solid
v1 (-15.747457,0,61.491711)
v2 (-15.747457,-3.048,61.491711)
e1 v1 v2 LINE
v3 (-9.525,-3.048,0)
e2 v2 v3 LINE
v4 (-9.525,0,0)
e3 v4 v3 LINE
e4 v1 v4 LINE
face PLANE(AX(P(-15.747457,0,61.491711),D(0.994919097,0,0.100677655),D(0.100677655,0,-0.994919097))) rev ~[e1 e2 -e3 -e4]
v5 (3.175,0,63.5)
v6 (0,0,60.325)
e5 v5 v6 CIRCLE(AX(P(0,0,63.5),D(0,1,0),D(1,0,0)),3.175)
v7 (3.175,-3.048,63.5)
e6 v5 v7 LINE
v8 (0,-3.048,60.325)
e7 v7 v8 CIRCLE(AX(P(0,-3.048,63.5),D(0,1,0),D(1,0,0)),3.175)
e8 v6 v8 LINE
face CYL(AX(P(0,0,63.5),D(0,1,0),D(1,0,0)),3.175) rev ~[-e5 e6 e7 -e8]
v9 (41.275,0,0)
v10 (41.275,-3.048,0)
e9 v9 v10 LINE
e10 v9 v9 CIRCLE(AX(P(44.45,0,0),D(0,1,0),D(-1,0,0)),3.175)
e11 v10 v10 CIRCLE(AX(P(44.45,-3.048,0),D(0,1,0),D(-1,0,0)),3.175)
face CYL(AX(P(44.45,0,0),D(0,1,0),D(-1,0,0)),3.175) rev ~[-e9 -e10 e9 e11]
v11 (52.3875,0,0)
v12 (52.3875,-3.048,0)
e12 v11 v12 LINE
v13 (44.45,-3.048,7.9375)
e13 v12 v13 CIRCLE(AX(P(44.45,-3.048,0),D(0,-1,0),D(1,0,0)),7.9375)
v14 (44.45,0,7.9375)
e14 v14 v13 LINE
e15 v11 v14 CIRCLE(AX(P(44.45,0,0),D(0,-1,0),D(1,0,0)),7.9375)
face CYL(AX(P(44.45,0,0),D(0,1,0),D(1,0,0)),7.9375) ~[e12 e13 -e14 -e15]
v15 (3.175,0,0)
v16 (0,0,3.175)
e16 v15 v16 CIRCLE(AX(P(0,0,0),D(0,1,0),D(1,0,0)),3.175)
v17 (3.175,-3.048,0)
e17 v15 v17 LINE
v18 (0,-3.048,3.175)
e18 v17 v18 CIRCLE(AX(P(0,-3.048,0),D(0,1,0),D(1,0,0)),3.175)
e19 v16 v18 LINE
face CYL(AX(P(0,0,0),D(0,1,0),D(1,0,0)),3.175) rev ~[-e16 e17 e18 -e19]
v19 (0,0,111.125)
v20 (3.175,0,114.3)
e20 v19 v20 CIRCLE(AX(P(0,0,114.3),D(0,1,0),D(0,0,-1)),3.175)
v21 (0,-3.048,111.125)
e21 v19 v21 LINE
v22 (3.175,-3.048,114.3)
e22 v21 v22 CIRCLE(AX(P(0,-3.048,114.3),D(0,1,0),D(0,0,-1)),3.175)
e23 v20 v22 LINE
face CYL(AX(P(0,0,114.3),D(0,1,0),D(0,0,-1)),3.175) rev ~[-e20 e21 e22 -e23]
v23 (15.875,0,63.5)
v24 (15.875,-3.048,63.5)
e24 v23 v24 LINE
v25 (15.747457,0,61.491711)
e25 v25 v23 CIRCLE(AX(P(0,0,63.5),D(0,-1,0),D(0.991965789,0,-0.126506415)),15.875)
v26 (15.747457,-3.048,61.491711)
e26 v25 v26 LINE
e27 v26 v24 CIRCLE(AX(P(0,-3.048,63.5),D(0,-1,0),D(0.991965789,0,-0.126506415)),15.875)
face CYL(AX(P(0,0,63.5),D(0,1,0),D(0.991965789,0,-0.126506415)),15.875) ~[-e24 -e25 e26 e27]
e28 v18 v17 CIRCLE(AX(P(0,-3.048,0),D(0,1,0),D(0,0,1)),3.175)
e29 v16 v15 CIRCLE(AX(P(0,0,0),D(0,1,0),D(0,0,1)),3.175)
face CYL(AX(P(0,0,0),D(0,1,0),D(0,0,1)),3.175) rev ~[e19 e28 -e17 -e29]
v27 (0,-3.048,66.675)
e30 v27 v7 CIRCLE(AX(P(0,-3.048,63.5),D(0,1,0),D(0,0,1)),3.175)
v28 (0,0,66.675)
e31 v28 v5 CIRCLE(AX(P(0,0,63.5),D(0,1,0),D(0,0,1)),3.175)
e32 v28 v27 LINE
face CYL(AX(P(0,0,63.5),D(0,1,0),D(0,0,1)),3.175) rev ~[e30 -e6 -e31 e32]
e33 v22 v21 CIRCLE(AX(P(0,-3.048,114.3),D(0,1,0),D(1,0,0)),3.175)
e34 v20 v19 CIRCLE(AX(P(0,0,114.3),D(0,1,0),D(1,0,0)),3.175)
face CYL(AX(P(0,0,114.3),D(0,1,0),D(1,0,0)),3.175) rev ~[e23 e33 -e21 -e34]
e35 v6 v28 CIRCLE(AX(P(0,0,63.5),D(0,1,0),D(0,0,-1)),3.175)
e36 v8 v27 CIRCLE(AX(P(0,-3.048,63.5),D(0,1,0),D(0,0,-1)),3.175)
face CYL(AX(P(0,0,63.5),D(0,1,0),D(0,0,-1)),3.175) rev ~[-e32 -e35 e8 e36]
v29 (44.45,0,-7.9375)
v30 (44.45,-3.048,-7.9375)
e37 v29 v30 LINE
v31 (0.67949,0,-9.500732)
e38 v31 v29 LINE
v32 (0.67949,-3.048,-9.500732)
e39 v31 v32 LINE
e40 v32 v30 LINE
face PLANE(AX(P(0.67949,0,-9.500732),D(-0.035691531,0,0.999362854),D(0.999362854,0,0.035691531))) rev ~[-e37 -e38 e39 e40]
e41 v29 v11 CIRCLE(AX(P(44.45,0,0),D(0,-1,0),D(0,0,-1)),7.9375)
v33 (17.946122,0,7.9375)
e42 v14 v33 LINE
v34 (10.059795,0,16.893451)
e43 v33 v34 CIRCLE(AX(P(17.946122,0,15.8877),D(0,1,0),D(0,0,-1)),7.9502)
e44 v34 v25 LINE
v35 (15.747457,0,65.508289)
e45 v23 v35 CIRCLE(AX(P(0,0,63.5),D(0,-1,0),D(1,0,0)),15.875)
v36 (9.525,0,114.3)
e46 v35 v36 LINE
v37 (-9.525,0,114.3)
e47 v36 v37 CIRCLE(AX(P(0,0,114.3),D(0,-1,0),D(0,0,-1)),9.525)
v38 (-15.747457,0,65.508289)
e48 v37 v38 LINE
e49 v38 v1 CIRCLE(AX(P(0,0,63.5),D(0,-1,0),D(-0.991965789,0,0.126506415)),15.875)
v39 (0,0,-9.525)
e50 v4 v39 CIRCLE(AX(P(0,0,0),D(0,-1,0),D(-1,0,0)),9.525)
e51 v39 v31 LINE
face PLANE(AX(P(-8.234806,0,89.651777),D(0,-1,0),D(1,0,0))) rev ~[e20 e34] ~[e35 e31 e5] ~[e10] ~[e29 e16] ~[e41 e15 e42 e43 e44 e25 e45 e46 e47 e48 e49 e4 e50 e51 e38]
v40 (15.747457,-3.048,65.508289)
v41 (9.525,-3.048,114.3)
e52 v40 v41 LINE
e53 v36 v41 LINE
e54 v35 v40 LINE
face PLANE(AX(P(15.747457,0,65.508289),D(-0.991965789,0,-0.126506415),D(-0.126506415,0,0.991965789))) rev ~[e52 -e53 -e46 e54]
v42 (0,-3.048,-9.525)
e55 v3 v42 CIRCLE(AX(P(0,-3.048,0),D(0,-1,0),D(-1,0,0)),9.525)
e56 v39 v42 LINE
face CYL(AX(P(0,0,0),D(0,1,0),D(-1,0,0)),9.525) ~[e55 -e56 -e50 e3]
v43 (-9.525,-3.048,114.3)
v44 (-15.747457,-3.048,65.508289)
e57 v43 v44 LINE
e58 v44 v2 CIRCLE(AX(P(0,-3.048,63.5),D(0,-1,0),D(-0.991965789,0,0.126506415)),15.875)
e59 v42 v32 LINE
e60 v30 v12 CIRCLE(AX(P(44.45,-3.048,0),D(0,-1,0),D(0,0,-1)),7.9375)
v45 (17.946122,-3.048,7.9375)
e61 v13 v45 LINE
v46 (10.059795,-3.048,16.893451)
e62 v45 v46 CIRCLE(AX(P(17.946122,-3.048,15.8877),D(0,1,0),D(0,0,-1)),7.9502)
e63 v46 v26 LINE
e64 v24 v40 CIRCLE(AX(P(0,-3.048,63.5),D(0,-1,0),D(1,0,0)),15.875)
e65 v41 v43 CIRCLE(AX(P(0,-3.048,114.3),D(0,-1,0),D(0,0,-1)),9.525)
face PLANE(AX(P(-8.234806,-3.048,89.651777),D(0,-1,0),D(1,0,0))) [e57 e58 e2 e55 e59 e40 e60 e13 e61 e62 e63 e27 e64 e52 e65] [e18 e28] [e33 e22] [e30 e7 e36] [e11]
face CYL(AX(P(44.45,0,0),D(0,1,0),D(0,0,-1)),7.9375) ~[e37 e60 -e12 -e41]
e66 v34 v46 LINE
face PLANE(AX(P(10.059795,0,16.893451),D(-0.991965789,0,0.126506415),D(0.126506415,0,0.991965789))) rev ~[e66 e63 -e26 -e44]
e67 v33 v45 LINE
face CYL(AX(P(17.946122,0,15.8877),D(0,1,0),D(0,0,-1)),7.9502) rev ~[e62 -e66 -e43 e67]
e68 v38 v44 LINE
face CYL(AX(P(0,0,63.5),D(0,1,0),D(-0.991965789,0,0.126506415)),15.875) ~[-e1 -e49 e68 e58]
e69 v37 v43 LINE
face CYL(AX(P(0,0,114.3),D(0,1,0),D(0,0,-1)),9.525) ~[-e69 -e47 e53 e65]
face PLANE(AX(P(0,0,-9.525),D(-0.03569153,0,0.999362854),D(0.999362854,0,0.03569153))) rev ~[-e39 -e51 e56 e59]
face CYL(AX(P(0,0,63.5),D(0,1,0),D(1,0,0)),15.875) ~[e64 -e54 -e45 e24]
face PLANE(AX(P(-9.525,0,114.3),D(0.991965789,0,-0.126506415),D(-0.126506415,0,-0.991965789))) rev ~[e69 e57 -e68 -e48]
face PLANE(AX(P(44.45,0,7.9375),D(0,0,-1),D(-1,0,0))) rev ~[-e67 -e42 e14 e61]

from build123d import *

# Parameters (mm, degrees)
F1_DEPTH = 3.048


with BuildPart() as f1:
    # F0 (on Front) → F1 (new body)
    with BuildSketch(Plane.XZ):
        with BuildLine():
            Line((-9.525, 114.3), (-15.7474569047, 65.5082893304))
            ThreePointArc((-15.7474569047, 65.5082893304), (-10.4912828548, 75.4142187767), (0, 79.375))
            Line((0, 79.375), (0, 104.775))
            ThreePointArc((0, 104.775), (-6.7351920908, 107.5648079092), (-9.525, 114.3))
        make_face()
        with BuildLine():
            Line((0, 104.775), (0, 79.375))
            ThreePointArc((0, 79.375), (10.4912828548, 75.4142187767), (15.7474569047, 65.5082893304))
            Line((15.7474569047, 65.5082893304), (9.525, 114.3))
            ThreePointArc((9.525, 114.3), (6.7351920908, 107.5648079092), (0, 104.775))
        make_face()
        with BuildLine():
            ThreePointArc((9.525, 114.3), (0, 123.825), (-9.525, 114.3))
            ThreePointArc((-9.525, 114.3), (-6.7351920908, 107.5648079092), (0, 104.775))
            ThreePointArc((0, 104.775), (6.7351920908, 107.5648079092), (9.525, 114.3))
        make_face()
        with BuildLine():
            ThreePointArc((3.175, 114.3), (2.2450640303, 112.0549359697), (0, 111.125))
            ThreePointArc((0, 111.125), (-2.2450640303, 116.5450640303), (3.175, 114.3))
        make_face(mode=Mode.SUBTRACT)
        with BuildLine():
            ThreePointArc((-15.7474569047, 61.4917106696), (-10.4912828548, 51.5857812233), (0, 47.625))
            Line((0, 47.625), (0, 60.325))
            ThreePointArc((0, 60.325), (-3.175, 63.5), (0, 66.675))
            Line((0, 66.675), (0, 79.375))
            ThreePointArc((0, 79.375), (-10.4912828548, 75.4142187767), (-15.7474569047, 65.5082893304))
            ThreePointArc((-15.7474569047, 65.5082893304), (-15.875, 63.5), (-15.7474569047, 61.4917106696))
        make_face()
        with BuildLine():
            ThreePointArc((-9.525, 0), (-6.7351920908, 6.7351920908), (0, 9.525))
            Line((0, 9.525), (0, 47.625))
            ThreePointArc((0, 47.625), (-10.4912828548, 51.5857812233), (-15.7474569047, 61.4917106696))
            Line((-15.7474569047, 61.4917106696), (-9.525, 0))
        make_face()
        with BuildLine():
            Line((0, 47.625), (0, 9.525))
            ThreePointArc((0, 9.525), (6.7351920908, 6.7351920908), (9.525, 0))
            Line((9.525, 0), (36.5125, 0))
            ThreePointArc((36.5125, 0), (38.8373399243, 5.6126600757), (44.45, 7.9375))
            Line((44.45, 7.9375), (17.9461215627, 7.9375))
            ThreePointArc((17.9461215627, 7.9375), (11.9794807993, 10.6336655463), (10.0597951449, 16.8934512966))
            Line((10.0597951449, 16.8934512966), (15.7474569047, 61.4917106696))
            ThreePointArc((15.7474569047, 61.4917106696), (10.4912828548, 51.5857812233), (0, 47.625))
        make_face()
        with BuildLine():
            ThreePointArc((3.175, 0), (-2.2450640303, -2.2450640303), (0, 3.175))
            Line((0, 3.175), (0, 9.525))
            ThreePointArc((0, 9.525), (-6.7351920908, 6.7351920908), (-9.525, 0))
            ThreePointArc((-9.525, 0), (-6.7351920908, -6.7351920908), (0, -9.525))
            Line((0, -9.525), (0.6794904459, -9.5007324841))
            ThreePointArc((0.6794904459, -9.5007324841), (6.9712901065, -6.4905114784), (9.525, 0))
            Line((9.525, 0), (3.175, 0))
        make_face()
        with BuildLine():
            Line((0, 9.525), (0, 3.175))
            ThreePointArc((0, 3.175), (2.2450640303, 2.2450640303), (3.175, 0))
            Line((3.175, 0), (9.525, 0))
            ThreePointArc((9.525, 0), (6.7351920908, 6.7351920908), (0, 9.525))
        make_face()
        with BuildLine():
            Line((36.5125, 0), (9.525, 0))
            ThreePointArc((9.525, 0), (6.9712901065, -6.4905114784), (0.6794904459, -9.5007324841))
            Line((0.6794904459, -9.5007324841), (44.45, -7.9375))
            ThreePointArc((44.45, -7.9375), (38.8373399243, -5.6126600757), (36.5125, 0))
        make_face()
        with BuildLine():
            ThreePointArc((44.45, 7.9375), (38.8373399243, 5.6126600757), (36.5125, 0))
            ThreePointArc((36.5125, 0), (38.8373399243, -5.6126600757), (44.45, -7.9375))
            ThreePointArc((44.45, -7.9375), (50.0626600757, -5.6126600757), (52.3875, 0))
            ThreePointArc((52.3875, 0), (50.0626600757, 5.6126600757), (44.45, 7.9375))
        make_face()
        with BuildLine():
            ThreePointArc((47.625, 0), (44.45, -3.175), (41.275, 0))
            ThreePointArc((41.275, 0), (44.45, 3.175), (47.625, 0))
        make_face(mode=Mode.SUBTRACT)
        with BuildLine():
            Line((0, 60.325), (0, 47.625))
            ThreePointArc((0, 47.625), (10.4912828548, 51.5857812233), (15.7474569047, 61.4917106696))
            ThreePointArc((15.7474569047, 61.4917106696), (15.8430821396, 62.4938323604), (15.875, 63.5))
            ThreePointArc((15.875, 63.5), (15.8430821396, 64.5061676396), (15.7474569047, 65.5082893304))
            ThreePointArc((15.7474569047, 65.5082893304), (10.4912828548, 75.4142187767), (0, 79.375))
            Line((0, 79.375), (0, 66.675))
            ThreePointArc((0, 66.675), (2.2450640303, 65.7450640303), (3.175, 63.5))
            ThreePointArc((3.175, 63.5), (2.2450640303, 61.2549359697), (0, 60.325))
        make_face()
    extrude(amount=F1_DEPTH)


solid = f1.part
